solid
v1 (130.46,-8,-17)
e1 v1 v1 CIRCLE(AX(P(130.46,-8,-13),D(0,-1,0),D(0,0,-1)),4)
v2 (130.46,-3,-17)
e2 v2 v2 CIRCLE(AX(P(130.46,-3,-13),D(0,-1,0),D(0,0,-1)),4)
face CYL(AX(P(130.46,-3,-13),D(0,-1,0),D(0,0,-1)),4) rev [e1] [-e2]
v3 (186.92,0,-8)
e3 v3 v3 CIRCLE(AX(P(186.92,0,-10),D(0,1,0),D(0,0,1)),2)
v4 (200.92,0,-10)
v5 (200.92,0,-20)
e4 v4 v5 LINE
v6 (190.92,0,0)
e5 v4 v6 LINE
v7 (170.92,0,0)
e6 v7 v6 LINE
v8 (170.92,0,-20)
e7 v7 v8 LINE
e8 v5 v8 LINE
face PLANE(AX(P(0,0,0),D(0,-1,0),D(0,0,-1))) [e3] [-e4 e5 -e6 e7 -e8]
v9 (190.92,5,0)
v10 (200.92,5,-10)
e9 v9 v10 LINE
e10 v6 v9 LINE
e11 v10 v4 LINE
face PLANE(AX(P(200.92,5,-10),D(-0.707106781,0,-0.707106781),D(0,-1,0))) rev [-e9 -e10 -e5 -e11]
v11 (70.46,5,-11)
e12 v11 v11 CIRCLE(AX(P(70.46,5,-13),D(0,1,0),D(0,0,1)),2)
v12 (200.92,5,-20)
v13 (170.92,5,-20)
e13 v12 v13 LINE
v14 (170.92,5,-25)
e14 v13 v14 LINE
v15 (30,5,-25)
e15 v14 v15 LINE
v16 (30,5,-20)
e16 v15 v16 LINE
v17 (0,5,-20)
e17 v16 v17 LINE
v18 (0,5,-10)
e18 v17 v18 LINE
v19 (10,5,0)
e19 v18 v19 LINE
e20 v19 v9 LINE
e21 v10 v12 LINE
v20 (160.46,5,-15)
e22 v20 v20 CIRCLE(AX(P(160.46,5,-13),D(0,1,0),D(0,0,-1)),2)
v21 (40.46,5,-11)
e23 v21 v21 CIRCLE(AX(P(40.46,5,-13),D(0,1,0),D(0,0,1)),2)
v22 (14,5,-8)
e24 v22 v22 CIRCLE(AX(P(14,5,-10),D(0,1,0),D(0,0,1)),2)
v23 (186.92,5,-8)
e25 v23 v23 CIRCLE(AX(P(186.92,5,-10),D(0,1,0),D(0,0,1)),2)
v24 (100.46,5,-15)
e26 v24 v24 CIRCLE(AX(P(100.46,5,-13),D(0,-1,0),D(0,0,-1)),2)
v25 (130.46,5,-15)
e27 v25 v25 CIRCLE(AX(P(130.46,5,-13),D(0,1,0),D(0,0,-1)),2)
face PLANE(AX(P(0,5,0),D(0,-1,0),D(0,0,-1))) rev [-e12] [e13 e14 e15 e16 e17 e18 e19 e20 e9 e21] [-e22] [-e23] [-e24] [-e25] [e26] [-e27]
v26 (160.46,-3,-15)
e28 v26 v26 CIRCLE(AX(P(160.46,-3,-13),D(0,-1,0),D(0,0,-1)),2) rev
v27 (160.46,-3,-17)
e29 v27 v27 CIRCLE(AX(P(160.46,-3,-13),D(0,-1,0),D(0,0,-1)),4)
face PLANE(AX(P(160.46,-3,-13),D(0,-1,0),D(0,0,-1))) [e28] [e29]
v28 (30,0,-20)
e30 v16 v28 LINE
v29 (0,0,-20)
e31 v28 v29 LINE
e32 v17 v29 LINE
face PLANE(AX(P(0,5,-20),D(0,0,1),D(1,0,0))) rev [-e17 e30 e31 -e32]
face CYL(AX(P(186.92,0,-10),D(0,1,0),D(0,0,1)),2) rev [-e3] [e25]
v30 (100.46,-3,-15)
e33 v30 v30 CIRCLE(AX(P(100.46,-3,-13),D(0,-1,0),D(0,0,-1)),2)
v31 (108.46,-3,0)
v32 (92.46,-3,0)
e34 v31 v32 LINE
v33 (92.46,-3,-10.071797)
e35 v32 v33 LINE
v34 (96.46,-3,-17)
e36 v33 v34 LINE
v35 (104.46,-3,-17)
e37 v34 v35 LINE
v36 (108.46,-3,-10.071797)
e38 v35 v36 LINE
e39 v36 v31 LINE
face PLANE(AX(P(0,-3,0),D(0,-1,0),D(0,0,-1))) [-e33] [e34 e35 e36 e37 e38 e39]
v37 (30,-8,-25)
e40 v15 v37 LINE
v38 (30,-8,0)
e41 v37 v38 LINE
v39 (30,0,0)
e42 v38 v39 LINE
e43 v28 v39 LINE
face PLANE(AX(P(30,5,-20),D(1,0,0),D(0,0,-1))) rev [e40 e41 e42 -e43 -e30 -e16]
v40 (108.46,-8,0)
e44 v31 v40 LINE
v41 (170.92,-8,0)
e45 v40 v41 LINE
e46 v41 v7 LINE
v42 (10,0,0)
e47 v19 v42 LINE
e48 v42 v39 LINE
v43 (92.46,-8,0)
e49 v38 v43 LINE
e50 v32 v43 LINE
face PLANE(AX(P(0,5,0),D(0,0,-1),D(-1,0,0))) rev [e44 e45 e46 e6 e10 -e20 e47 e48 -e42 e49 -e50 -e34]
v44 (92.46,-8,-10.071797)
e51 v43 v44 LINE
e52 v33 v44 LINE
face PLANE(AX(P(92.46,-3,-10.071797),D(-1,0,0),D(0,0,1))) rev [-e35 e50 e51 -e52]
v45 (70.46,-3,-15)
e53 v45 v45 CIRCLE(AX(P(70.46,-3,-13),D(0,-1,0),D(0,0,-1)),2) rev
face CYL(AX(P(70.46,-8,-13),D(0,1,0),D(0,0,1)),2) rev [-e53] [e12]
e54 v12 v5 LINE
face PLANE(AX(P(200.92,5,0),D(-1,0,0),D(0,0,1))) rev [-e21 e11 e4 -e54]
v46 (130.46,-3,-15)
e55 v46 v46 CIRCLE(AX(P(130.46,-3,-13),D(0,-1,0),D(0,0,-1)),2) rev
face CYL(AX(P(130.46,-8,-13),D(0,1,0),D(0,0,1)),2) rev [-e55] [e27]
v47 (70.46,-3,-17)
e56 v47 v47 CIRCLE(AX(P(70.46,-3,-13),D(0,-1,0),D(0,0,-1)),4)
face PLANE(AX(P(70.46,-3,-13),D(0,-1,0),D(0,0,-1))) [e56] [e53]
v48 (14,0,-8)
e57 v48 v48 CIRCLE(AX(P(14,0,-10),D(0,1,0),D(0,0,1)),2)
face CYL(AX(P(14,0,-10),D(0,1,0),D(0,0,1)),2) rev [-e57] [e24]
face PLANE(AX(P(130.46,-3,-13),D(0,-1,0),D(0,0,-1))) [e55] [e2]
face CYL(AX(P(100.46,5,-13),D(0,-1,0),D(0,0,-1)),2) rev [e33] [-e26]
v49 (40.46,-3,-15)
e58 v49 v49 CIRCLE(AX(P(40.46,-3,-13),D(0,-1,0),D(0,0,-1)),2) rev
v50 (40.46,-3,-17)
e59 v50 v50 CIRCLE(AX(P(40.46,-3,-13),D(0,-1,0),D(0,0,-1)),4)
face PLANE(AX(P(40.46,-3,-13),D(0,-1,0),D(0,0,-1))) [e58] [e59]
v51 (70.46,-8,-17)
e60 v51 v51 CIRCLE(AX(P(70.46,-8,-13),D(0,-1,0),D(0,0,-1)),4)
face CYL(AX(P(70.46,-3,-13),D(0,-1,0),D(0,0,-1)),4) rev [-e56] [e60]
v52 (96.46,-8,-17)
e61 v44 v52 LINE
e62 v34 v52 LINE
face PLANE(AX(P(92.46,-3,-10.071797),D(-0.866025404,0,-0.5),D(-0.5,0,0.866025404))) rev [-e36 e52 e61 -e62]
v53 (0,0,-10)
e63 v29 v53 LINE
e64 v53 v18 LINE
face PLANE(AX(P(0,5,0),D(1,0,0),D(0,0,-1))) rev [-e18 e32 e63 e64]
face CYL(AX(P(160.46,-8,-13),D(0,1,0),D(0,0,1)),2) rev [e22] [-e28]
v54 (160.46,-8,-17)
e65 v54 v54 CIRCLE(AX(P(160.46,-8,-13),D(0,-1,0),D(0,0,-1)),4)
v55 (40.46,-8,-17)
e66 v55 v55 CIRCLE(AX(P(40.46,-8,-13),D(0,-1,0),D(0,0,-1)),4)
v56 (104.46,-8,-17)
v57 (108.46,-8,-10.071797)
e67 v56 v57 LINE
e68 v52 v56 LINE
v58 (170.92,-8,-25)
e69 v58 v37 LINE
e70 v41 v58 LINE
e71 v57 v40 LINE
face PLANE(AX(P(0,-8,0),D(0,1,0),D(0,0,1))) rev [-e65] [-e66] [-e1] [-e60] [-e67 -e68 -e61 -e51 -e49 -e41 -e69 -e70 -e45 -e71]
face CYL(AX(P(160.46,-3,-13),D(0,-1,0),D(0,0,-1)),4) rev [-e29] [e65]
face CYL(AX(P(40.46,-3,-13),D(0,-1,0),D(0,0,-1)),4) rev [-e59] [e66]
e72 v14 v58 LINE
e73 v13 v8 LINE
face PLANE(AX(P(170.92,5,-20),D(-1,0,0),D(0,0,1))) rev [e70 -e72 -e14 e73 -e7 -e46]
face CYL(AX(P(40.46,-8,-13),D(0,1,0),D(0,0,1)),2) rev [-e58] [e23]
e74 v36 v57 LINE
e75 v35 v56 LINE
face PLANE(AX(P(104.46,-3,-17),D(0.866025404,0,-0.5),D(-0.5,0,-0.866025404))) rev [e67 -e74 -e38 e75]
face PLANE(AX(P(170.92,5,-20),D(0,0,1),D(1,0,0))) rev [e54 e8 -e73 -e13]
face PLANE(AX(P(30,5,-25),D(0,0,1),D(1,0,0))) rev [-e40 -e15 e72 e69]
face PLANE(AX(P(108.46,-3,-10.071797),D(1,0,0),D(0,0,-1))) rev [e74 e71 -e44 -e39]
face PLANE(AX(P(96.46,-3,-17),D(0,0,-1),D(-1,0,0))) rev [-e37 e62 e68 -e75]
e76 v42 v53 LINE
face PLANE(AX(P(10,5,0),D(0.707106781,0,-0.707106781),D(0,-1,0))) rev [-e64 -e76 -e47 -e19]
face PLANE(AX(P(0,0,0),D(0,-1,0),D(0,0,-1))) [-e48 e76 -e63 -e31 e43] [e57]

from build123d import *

# Parameters (mm, degrees)
BOSS_EXTRUDE1_DEPTH = 5
SKETCH2_R           = 2
CUT_EXTRUDE1_DEPTH  = 203.531099834
SKETCH3_W           = 140.92
SKETCH3_H           = 25
BOSS_EXTRUDE2_DEPTH = 8
SKETCH4_R           = 2
CUT_EXTRUDE2_DEPTH  = 203.886289335
SKETCH5_R           = 4
CUT_EXTRUDE3_DEPTH  = 5
CHAMFER1_SIZE       = 10
CUT_EXTRUDE4_DEPTH  = 5
SKETCH8_R           = 2
CUT_EXTRUDE5_DEPTH  = 203.627358469


with BuildPart() as part:
    # Sketch1 → Boss-Extrude1 (new body)
    with BuildSketch(Plane(origin=(0, 0, 0), x_dir=(1, 0, 0), z_dir=(0, 1, 0))):
        Polygon((170.92, 20), (200.92, 20), (200.92, 0), (0, 0), (0, 20), (30, 20), (30, 25), (170.92, 25), align=None)
    extrude(amount=BOSS_EXTRUDE1_DEPTH)

    # Sketch2 → Cut-Extrude1 (cut, through all)
    with BuildSketch(Plane(origin=(0, 5, 0), x_dir=(1, 0, 0), z_dir=(0, 1, 0))):
        with Locations(Location((14, 10, 0), (0, 0, 270))):
            Circle(SKETCH2_R)
        with Locations(Location((186.92, 10, 0), (0, 0, 270))):
            Circle(SKETCH2_R)
    extrude(amount=-CUT_EXTRUDE1_DEPTH, mode=Mode.SUBTRACT)

    # Sketch3 → Boss-Extrude2 (add)
    with BuildSketch(Plane(origin=(0, 0, 0), x_dir=(1, 0, 0), z_dir=(0, 1, 0))):
        with Locations((100.46, 12.5)):
            Rectangle(SKETCH3_W, SKETCH3_H)
    extrude(amount=-BOSS_EXTRUDE2_DEPTH)

    # Sketch4 → Cut-Extrude2 (cut, through all)
    with BuildSketch(Plane(origin=(0, 5, 0), x_dir=(1, 0, 0), z_dir=(0, 1, 0))):
        with Locations(Location((70.46, 13, 0), (0, 0, 270))):
            Circle(SKETCH4_R)
        with Locations(Location((40.46, 13, 0), (0, 0, 270))):
            Circle(SKETCH4_R)
        with Locations(Location((160.46, 13, 0), (0, 0, 90))):
            Circle(SKETCH4_R)
        with Locations(Location((130.46, 13, 0), (0, 0, 90))):
            Circle(SKETCH4_R)
    extrude(amount=-CUT_EXTRUDE2_DEPTH, mode=Mode.SUBTRACT)

    # Sketch5 → Cut-Extrude3 (cut)
    with BuildSketch(Plane.XZ.offset(8)):
        with Locations(Location((40.46, -13, 0), (0, 0, 270))):
            Circle(SKETCH5_R)
        with Locations(Location((130.46, -13, 0), (0, 0, 270))):
            Circle(SKETCH5_R)
        with Locations(Location((160.46, -13, 0), (0, 0, 270))):
            Circle(SKETCH5_R)
        with Locations(Location((70.46, -13, 0), (0, 0, 270))):
            Circle(SKETCH5_R)
    extrude(amount=-CUT_EXTRUDE3_DEPTH, mode=Mode.SUBTRACT)

    # Chamfer1
    chamfer1_edges = [part.edges().sort_by_distance(p)[0] for p in [
        (200.92, 2.5, 0),
        (0, 2.5, 0),
    ]]
    chamfer(chamfer1_edges, length=CHAMFER1_SIZE)

    # Sketch6 → Cut-Extrude4 (cut)
    with BuildSketch(Plane.XZ.offset(8)):
        Polygon((92.46, 0), (108.46, 0), (108.46, -10.07179677), (104.46, -17), (96.46, -17), (92.46, -10.07179677), align=None)
    extrude(amount=-CUT_EXTRUDE4_DEPTH, mode=Mode.SUBTRACT)

    # Sketch8 → Cut-Extrude5 (cut, through all)
    with BuildSketch(Plane.XZ.offset(3)):
        with Locations(Location((100.46, -13, 0), (0, 0, 270))):
            Circle(SKETCH8_R)
    extrude(amount=-CUT_EXTRUDE5_DEPTH, mode=Mode.SUBTRACT)


solid = part.part
